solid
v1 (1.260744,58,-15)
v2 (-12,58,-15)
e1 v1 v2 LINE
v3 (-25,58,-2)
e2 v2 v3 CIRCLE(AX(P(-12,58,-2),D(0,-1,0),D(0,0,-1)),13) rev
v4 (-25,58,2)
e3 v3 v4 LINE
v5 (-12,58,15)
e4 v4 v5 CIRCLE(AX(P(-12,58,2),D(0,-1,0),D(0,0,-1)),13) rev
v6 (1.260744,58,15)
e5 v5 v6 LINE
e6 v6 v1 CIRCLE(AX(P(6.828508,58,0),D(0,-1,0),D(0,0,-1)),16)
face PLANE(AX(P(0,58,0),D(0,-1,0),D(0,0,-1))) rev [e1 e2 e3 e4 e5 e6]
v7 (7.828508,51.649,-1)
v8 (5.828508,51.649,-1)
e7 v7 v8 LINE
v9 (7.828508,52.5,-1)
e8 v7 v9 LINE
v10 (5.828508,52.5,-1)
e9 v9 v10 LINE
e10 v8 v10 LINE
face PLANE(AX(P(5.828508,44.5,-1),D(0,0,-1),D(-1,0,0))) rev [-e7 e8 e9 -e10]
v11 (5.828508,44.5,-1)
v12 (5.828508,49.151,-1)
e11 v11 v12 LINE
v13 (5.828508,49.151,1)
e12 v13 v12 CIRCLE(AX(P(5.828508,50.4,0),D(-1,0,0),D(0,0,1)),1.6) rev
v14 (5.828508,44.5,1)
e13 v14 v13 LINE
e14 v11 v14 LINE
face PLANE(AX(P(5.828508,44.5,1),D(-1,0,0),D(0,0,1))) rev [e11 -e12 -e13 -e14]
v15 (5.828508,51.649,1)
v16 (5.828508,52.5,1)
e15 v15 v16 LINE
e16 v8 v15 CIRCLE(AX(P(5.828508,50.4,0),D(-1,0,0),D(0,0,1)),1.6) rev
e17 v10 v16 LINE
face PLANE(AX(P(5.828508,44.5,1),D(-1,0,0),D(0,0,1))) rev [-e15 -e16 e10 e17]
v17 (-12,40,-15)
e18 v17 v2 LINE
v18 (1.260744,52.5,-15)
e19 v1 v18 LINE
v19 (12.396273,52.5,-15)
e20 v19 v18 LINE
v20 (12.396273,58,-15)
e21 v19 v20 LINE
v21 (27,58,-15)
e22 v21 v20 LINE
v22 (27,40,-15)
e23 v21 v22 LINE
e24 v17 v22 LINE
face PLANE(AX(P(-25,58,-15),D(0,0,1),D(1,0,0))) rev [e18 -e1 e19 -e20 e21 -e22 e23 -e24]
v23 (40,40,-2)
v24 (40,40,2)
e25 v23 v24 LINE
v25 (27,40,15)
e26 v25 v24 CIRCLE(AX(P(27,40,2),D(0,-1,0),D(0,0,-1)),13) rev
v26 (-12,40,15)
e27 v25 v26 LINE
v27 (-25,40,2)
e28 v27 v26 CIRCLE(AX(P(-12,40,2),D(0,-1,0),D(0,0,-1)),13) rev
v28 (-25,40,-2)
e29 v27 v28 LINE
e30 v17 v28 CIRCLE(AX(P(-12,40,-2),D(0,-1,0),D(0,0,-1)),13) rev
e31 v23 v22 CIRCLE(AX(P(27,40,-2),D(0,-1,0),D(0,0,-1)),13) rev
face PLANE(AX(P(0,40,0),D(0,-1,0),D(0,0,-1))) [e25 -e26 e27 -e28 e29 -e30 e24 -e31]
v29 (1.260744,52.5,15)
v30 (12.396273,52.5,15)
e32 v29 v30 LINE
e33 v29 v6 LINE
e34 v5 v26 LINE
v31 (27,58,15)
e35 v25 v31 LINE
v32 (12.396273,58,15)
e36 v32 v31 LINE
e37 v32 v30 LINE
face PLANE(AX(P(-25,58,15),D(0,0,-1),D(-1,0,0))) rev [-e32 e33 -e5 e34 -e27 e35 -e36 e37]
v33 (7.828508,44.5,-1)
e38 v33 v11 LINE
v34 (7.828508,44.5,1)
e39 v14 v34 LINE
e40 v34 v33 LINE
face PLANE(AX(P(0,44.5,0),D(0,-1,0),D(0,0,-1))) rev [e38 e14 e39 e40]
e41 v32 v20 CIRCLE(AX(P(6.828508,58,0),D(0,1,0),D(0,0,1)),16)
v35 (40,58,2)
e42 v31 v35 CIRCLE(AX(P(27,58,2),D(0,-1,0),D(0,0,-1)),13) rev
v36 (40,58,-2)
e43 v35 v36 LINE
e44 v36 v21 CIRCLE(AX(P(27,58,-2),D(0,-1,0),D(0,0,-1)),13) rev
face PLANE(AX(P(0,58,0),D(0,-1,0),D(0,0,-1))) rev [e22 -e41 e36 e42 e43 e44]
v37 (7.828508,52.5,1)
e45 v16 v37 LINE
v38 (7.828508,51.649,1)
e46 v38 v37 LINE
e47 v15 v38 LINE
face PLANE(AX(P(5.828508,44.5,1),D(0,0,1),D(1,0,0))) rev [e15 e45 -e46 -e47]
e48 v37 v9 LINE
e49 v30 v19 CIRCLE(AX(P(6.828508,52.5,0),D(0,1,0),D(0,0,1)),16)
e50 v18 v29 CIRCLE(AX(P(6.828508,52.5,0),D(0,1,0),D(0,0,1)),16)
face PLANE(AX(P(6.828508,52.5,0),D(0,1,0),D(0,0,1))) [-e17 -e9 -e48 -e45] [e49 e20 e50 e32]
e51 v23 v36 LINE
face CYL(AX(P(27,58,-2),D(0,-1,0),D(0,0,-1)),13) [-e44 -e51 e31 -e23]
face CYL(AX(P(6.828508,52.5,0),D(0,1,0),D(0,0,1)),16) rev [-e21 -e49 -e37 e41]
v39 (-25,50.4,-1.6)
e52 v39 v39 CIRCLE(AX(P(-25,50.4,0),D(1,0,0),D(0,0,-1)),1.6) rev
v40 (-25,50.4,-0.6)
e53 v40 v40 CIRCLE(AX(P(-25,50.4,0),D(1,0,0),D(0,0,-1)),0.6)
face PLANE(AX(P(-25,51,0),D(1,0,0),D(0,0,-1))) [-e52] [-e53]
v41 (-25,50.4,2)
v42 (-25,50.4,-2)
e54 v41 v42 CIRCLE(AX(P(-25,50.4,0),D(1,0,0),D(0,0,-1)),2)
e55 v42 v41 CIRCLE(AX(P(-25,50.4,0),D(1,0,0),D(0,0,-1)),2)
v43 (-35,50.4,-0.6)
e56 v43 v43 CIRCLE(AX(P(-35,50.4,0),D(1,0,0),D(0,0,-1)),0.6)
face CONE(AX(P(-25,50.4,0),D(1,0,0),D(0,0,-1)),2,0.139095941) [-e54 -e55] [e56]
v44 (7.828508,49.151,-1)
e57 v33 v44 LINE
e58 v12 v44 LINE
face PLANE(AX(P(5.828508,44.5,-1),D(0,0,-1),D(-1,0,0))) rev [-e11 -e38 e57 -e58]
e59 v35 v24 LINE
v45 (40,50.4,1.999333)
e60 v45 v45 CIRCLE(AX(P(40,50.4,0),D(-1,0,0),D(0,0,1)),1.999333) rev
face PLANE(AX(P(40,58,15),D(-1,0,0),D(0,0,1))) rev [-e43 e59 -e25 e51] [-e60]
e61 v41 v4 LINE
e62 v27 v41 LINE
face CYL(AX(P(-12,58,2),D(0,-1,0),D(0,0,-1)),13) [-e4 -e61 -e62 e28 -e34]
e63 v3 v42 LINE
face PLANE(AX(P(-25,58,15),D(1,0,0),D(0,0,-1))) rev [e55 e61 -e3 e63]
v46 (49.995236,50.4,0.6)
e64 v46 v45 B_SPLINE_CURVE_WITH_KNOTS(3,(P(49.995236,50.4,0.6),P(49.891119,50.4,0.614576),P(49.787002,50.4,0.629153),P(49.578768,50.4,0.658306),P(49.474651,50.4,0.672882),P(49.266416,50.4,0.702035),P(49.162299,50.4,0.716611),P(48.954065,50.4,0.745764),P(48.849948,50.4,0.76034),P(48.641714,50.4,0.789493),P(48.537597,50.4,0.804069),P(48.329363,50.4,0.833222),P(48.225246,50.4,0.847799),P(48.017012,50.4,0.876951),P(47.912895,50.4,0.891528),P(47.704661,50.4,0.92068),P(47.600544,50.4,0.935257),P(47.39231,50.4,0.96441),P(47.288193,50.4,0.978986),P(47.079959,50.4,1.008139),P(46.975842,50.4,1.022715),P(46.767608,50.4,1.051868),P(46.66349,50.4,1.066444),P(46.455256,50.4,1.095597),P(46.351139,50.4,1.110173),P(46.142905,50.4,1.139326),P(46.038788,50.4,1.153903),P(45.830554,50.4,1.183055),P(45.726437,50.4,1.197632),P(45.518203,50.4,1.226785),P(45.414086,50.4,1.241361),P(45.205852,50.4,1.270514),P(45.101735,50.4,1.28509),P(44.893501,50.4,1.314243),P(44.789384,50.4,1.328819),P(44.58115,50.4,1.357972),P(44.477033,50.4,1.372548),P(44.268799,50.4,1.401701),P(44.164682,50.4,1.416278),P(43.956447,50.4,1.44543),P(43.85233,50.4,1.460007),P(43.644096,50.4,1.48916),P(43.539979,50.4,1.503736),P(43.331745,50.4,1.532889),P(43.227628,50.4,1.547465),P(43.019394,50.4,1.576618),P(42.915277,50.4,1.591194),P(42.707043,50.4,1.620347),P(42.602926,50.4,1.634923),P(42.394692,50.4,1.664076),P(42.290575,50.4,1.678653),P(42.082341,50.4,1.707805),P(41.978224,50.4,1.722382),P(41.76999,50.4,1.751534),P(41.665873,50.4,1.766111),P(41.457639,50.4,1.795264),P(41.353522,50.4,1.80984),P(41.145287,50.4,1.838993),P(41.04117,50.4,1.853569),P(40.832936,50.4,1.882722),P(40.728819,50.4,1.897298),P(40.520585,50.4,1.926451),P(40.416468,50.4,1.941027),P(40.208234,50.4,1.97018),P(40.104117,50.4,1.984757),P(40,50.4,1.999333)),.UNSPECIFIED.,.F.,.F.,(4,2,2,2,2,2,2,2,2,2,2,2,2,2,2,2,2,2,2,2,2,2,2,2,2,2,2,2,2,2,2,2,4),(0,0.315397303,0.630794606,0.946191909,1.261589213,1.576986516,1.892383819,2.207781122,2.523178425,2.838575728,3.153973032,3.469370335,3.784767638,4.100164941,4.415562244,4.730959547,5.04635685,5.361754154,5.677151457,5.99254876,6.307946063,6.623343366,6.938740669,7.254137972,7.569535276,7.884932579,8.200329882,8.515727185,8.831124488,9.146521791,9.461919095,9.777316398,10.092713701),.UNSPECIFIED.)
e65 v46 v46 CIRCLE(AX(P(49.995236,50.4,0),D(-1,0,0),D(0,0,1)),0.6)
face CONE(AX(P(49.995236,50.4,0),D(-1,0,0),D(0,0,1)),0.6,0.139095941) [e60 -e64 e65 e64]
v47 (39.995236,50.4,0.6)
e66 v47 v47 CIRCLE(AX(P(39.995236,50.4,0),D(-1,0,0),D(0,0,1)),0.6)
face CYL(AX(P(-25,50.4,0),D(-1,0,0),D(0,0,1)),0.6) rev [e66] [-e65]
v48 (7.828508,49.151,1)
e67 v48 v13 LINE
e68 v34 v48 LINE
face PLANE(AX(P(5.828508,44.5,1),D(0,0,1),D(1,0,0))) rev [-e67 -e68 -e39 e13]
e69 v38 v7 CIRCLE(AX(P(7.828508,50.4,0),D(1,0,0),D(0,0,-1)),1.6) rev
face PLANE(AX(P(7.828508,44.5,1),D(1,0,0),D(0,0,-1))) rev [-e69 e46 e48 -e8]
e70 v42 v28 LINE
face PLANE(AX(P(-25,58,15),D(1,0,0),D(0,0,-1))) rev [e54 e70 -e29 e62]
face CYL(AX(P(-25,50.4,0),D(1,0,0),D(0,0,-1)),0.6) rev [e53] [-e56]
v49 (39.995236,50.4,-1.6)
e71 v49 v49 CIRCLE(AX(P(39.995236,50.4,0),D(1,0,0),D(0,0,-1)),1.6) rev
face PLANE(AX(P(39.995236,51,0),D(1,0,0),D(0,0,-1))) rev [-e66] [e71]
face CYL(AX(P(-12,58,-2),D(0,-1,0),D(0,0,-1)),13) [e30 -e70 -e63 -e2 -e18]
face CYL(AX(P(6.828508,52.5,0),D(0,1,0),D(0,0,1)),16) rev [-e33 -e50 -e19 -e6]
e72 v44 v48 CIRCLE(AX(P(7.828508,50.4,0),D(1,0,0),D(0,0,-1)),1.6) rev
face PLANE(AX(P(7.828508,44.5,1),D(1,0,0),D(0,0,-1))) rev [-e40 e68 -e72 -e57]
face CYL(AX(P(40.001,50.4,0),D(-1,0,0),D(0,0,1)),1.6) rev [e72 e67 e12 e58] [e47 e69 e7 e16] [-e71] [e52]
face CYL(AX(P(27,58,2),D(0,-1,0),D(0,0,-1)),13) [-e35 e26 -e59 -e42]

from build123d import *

# Parameters (mm, degrees)
SKETCH1_W           = 65
SKETCH1_H           = 30
BOSS_EXTRUDE1_DEPTH = 58
FILLET1_R           = 13
SKETCH15_W          = 83.696095513
SKETCH15_H          = 31.69844841
CUT_EXTRUDE7_DEPTH  = 50
SKETCH18_R          = 16
CUT_EXTRUDE10_DEPTH = 5.5
CUT_EXTRUDE12_REACH = 90.397
SKETCH3_R           = 1.6
SKETCH21_W          = 2
SKETCH21_H          = 2
CUT_EXTRUDE13_DEPTH = 8


with BuildPart() as part:
    # Sketch1 → Boss-Extrude1 (new body)
    with BuildSketch(Plane(origin=(0, 0, 0), x_dir=(1, 0, 0), z_dir=(0, 1, 0))):
        with Locations((7.5, 0)):
            Rectangle(SKETCH1_W, SKETCH1_H)
    extrude(amount=BOSS_EXTRUDE1_DEPTH)

    # Fillet1
    fillet1_edges = [part.edges().sort_by_distance(p)[0] for p in [
        (40, 29, 15),
        (-25, 29, 15),
        (-25, 29, -15),
        (40, 29, -15),
    ]]
    fillet(fillet1_edges, radius=FILLET1_R)

    # Sketch15 → Cut-Extrude7 (cut)
    with BuildSketch(Plane(origin=(0, -10, 0), x_dir=(-1, 0, 0), z_dir=(0, -1, 0))):
        with Locations((-0.057440767, 0.030479277)):
            Rectangle(SKETCH15_W, SKETCH15_H)
    extrude(amount=-CUT_EXTRUDE7_DEPTH, mode=Mode.SUBTRACT)

    # Sketch18 → Cut-Extrude10 (cut)
    with BuildSketch(Plane(origin=(0, 58, 0), x_dir=(1, 0, 0), z_dir=(0, 1, 0))):
        with Locations((6.828508286, 0)):
            Circle(SKETCH18_R)
    extrude(amount=-CUT_EXTRUDE10_DEPTH, mode=Mode.SUBTRACT)

    # Sketch3 → Cut-Extrude12 (cut, up to next)
    with BuildSketch(Plane.ZY.offset(25), mode=Mode.PRIVATE) as cut_extrude12_sk1:
        with Locations((0, 50.4)):
            Circle(SKETCH3_R)
    cut_extrude12_tool1 = extrude(cut_extrude12_sk1.sketch, amount=-CUT_EXTRUDE12_REACH, mode=Mode.PRIVATE) & part.part
    add(cut_extrude12_tool1.solids().sort_by_distance((-25, 50.4, 0))[0], mode=Mode.SUBTRACT)

    # Sketch21 → Cut-Extrude13 (cut)
    with BuildSketch(Plane(origin=(0, 52.5, 0), x_dir=(1, 0, 0), z_dir=(0, 1, 0))):
        with Locations((6.828508286, 0)):
            Rectangle(SKETCH21_W, SKETCH21_H)
    extrude(amount=-CUT_EXTRUDE13_DEPTH, mode=Mode.SUBTRACT)

    # Sketch24 → Revolve1 (revolve)
    with BuildSketch(Plane.XY, mode=Mode.PRIVATE) as revolve1_sk:
        Polygon((-25, 51), (-25, 52.4), (-35, 51), align=None)
    revolve(revolve1_sk.sketch.rotate(Axis((-25, 50.4, 0), (-1, 0, 0)), 90), axis=Axis((-25, 50.4, 0), (-1, 0, 0)))

    # Sketch25 → Revolve2 (revolve)
    with BuildSketch(Plane.XY, mode=Mode.PRIVATE) as revolve2_sk:
        Polygon((39.995235715, 52.4), (49.995235715, 51), (39.995235715, 51), align=None)
    revolve(revolve2_sk.sketch.rotate(Axis((-25, 50.4, 0), (1, 0, 0)), 90), axis=Axis((-25, 50.4, 0), (1, 0, 0)))


solid = part.part
